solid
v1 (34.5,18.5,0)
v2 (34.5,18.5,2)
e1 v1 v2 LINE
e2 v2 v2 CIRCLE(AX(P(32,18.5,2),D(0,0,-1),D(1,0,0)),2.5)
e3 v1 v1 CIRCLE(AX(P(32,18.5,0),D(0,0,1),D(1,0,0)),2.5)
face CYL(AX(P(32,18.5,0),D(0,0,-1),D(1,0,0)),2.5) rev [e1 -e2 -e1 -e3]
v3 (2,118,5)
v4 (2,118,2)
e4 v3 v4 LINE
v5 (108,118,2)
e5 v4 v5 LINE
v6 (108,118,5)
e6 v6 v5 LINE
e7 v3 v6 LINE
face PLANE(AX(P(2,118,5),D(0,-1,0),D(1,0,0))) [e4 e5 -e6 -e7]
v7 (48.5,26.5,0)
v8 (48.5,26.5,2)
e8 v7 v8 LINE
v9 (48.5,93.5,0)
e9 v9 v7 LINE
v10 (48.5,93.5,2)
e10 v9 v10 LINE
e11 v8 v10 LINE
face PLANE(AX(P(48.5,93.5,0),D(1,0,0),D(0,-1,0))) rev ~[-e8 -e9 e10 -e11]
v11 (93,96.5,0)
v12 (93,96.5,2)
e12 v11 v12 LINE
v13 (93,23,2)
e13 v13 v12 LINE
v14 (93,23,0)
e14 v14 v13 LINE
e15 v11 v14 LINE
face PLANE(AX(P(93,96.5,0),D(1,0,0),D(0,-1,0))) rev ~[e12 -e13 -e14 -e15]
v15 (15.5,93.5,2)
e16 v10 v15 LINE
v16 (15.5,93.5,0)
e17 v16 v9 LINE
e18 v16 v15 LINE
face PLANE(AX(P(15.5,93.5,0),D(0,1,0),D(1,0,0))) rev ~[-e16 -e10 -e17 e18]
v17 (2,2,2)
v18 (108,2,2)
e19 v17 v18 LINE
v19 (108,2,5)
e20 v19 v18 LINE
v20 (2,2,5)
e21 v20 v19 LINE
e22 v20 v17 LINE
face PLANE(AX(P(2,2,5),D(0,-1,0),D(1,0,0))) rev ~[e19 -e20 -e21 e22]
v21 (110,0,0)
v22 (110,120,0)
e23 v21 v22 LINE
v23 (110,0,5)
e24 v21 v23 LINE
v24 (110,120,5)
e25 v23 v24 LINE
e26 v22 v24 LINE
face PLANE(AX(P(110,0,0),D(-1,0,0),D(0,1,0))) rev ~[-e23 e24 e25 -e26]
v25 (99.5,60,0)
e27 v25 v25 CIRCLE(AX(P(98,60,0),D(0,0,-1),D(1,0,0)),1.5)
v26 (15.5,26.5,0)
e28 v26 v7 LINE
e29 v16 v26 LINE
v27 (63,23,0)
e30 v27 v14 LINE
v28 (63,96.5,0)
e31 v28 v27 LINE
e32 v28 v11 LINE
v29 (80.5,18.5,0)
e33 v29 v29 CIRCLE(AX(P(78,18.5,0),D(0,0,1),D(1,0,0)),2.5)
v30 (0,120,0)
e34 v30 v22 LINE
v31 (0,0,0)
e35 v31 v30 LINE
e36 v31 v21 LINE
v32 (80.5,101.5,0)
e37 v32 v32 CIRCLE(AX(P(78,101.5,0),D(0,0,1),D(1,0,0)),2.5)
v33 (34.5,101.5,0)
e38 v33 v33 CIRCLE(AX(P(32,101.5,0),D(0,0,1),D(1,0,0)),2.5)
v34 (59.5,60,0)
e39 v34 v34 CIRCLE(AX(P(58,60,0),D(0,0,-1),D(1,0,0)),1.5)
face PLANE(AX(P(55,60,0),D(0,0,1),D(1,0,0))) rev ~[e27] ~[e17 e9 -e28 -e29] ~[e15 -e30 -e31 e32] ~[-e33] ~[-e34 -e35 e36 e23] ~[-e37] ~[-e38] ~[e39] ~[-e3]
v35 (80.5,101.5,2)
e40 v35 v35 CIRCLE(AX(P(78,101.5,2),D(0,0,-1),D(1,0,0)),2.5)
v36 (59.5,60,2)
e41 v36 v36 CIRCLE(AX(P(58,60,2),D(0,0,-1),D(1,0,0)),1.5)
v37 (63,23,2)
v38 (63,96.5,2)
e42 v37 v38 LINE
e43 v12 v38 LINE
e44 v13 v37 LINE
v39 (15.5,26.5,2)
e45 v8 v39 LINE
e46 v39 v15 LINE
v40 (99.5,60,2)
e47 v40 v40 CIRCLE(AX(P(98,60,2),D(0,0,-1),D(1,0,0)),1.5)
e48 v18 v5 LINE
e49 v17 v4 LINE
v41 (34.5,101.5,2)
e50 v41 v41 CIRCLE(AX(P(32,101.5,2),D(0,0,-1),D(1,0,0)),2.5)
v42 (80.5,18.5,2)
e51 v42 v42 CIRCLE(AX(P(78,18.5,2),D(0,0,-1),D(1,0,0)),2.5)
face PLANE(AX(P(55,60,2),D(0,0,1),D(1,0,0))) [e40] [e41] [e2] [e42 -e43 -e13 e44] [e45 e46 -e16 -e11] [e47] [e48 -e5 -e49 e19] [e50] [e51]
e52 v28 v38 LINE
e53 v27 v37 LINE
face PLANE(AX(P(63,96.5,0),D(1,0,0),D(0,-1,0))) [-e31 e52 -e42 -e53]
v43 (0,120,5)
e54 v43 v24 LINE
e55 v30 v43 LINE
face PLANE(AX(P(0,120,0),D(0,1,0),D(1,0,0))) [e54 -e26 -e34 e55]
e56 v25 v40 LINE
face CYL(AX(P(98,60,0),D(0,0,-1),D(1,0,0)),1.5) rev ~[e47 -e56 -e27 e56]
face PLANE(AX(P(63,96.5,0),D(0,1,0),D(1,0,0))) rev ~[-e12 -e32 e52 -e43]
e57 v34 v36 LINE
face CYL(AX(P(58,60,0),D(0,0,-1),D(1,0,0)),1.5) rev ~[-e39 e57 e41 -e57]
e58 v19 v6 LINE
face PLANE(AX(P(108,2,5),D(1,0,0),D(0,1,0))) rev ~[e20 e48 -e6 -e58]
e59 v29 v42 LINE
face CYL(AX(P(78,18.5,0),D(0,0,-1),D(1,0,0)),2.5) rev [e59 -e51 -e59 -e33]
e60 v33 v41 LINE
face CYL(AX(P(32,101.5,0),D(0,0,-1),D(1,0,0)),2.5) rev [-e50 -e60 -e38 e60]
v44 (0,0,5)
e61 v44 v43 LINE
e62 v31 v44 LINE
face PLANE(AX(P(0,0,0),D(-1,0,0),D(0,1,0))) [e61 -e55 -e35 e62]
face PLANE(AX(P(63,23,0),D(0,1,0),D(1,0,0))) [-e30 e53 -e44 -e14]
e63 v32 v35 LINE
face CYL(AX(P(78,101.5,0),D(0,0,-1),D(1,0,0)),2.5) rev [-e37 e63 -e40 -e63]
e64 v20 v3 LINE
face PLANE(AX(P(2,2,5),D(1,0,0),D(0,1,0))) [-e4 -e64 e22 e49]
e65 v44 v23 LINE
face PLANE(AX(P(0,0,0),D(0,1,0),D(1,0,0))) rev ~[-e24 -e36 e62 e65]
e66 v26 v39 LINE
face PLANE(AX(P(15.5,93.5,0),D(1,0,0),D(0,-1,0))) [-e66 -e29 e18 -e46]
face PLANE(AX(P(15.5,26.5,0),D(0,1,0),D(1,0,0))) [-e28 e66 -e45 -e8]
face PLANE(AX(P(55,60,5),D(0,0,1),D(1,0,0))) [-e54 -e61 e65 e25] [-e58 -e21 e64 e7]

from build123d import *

# Parameters (mm, degrees)
SKETCH_W        = 110
SKETCH_H        = 120
SKETCH_R        = 2.5
PAD_DEPTH       = 5
SKETCH001_W     = 106
SKETCH001_H     = 116
POCKET_DEPTH    = 3
SKETCH002_R     = 1.5
SKETCH002_W     = 33
SKETCH002_H     = 67
SKETCH002_W_2   = 30
SKETCH002_H_2   = 73.5
POCKET001_DEPTH = 5.001


with BuildPart() as part:
    # Sketch → Pad (new body)
    with BuildSketch(Plane.XY):
        with Locations((55, 60)):
            Rectangle(SKETCH_W, SKETCH_H)
        with Locations((32, 101.5)):
            Circle(SKETCH_R, mode=Mode.SUBTRACT)
        with Locations((78, 101.5)):
            Circle(SKETCH_R, mode=Mode.SUBTRACT)
        with Locations((32, 18.5)):
            Circle(SKETCH_R, mode=Mode.SUBTRACT)
        with Locations((78, 18.5)):
            Circle(SKETCH_R, mode=Mode.SUBTRACT)
    extrude(amount=PAD_DEPTH)

    # Sketch001 → Pocket (cut)
    with BuildSketch(Plane.XY.offset(5)):
        with Locations((55, 60)):
            Rectangle(SKETCH001_W, SKETCH001_H)
    extrude(amount=-POCKET_DEPTH, mode=Mode.SUBTRACT)

    # Sketch002 → Pocket001 (cut, through all)
    with BuildSketch(Plane(origin=(0, 0, 0), x_dir=(1, 0, 0), z_dir=(0, 0, -1))):
        with Locations((58, -60)):
            Circle(SKETCH002_R)
        with Locations((98, -60)):
            Circle(SKETCH002_R)
        with Locations((32, -60)):
            Rectangle(SKETCH002_W, SKETCH002_H)
        with Locations((78, -59.75)):
            Rectangle(SKETCH002_W_2, SKETCH002_H_2)
    extrude(amount=-POCKET001_DEPTH, mode=Mode.SUBTRACT)


solid = part.part
